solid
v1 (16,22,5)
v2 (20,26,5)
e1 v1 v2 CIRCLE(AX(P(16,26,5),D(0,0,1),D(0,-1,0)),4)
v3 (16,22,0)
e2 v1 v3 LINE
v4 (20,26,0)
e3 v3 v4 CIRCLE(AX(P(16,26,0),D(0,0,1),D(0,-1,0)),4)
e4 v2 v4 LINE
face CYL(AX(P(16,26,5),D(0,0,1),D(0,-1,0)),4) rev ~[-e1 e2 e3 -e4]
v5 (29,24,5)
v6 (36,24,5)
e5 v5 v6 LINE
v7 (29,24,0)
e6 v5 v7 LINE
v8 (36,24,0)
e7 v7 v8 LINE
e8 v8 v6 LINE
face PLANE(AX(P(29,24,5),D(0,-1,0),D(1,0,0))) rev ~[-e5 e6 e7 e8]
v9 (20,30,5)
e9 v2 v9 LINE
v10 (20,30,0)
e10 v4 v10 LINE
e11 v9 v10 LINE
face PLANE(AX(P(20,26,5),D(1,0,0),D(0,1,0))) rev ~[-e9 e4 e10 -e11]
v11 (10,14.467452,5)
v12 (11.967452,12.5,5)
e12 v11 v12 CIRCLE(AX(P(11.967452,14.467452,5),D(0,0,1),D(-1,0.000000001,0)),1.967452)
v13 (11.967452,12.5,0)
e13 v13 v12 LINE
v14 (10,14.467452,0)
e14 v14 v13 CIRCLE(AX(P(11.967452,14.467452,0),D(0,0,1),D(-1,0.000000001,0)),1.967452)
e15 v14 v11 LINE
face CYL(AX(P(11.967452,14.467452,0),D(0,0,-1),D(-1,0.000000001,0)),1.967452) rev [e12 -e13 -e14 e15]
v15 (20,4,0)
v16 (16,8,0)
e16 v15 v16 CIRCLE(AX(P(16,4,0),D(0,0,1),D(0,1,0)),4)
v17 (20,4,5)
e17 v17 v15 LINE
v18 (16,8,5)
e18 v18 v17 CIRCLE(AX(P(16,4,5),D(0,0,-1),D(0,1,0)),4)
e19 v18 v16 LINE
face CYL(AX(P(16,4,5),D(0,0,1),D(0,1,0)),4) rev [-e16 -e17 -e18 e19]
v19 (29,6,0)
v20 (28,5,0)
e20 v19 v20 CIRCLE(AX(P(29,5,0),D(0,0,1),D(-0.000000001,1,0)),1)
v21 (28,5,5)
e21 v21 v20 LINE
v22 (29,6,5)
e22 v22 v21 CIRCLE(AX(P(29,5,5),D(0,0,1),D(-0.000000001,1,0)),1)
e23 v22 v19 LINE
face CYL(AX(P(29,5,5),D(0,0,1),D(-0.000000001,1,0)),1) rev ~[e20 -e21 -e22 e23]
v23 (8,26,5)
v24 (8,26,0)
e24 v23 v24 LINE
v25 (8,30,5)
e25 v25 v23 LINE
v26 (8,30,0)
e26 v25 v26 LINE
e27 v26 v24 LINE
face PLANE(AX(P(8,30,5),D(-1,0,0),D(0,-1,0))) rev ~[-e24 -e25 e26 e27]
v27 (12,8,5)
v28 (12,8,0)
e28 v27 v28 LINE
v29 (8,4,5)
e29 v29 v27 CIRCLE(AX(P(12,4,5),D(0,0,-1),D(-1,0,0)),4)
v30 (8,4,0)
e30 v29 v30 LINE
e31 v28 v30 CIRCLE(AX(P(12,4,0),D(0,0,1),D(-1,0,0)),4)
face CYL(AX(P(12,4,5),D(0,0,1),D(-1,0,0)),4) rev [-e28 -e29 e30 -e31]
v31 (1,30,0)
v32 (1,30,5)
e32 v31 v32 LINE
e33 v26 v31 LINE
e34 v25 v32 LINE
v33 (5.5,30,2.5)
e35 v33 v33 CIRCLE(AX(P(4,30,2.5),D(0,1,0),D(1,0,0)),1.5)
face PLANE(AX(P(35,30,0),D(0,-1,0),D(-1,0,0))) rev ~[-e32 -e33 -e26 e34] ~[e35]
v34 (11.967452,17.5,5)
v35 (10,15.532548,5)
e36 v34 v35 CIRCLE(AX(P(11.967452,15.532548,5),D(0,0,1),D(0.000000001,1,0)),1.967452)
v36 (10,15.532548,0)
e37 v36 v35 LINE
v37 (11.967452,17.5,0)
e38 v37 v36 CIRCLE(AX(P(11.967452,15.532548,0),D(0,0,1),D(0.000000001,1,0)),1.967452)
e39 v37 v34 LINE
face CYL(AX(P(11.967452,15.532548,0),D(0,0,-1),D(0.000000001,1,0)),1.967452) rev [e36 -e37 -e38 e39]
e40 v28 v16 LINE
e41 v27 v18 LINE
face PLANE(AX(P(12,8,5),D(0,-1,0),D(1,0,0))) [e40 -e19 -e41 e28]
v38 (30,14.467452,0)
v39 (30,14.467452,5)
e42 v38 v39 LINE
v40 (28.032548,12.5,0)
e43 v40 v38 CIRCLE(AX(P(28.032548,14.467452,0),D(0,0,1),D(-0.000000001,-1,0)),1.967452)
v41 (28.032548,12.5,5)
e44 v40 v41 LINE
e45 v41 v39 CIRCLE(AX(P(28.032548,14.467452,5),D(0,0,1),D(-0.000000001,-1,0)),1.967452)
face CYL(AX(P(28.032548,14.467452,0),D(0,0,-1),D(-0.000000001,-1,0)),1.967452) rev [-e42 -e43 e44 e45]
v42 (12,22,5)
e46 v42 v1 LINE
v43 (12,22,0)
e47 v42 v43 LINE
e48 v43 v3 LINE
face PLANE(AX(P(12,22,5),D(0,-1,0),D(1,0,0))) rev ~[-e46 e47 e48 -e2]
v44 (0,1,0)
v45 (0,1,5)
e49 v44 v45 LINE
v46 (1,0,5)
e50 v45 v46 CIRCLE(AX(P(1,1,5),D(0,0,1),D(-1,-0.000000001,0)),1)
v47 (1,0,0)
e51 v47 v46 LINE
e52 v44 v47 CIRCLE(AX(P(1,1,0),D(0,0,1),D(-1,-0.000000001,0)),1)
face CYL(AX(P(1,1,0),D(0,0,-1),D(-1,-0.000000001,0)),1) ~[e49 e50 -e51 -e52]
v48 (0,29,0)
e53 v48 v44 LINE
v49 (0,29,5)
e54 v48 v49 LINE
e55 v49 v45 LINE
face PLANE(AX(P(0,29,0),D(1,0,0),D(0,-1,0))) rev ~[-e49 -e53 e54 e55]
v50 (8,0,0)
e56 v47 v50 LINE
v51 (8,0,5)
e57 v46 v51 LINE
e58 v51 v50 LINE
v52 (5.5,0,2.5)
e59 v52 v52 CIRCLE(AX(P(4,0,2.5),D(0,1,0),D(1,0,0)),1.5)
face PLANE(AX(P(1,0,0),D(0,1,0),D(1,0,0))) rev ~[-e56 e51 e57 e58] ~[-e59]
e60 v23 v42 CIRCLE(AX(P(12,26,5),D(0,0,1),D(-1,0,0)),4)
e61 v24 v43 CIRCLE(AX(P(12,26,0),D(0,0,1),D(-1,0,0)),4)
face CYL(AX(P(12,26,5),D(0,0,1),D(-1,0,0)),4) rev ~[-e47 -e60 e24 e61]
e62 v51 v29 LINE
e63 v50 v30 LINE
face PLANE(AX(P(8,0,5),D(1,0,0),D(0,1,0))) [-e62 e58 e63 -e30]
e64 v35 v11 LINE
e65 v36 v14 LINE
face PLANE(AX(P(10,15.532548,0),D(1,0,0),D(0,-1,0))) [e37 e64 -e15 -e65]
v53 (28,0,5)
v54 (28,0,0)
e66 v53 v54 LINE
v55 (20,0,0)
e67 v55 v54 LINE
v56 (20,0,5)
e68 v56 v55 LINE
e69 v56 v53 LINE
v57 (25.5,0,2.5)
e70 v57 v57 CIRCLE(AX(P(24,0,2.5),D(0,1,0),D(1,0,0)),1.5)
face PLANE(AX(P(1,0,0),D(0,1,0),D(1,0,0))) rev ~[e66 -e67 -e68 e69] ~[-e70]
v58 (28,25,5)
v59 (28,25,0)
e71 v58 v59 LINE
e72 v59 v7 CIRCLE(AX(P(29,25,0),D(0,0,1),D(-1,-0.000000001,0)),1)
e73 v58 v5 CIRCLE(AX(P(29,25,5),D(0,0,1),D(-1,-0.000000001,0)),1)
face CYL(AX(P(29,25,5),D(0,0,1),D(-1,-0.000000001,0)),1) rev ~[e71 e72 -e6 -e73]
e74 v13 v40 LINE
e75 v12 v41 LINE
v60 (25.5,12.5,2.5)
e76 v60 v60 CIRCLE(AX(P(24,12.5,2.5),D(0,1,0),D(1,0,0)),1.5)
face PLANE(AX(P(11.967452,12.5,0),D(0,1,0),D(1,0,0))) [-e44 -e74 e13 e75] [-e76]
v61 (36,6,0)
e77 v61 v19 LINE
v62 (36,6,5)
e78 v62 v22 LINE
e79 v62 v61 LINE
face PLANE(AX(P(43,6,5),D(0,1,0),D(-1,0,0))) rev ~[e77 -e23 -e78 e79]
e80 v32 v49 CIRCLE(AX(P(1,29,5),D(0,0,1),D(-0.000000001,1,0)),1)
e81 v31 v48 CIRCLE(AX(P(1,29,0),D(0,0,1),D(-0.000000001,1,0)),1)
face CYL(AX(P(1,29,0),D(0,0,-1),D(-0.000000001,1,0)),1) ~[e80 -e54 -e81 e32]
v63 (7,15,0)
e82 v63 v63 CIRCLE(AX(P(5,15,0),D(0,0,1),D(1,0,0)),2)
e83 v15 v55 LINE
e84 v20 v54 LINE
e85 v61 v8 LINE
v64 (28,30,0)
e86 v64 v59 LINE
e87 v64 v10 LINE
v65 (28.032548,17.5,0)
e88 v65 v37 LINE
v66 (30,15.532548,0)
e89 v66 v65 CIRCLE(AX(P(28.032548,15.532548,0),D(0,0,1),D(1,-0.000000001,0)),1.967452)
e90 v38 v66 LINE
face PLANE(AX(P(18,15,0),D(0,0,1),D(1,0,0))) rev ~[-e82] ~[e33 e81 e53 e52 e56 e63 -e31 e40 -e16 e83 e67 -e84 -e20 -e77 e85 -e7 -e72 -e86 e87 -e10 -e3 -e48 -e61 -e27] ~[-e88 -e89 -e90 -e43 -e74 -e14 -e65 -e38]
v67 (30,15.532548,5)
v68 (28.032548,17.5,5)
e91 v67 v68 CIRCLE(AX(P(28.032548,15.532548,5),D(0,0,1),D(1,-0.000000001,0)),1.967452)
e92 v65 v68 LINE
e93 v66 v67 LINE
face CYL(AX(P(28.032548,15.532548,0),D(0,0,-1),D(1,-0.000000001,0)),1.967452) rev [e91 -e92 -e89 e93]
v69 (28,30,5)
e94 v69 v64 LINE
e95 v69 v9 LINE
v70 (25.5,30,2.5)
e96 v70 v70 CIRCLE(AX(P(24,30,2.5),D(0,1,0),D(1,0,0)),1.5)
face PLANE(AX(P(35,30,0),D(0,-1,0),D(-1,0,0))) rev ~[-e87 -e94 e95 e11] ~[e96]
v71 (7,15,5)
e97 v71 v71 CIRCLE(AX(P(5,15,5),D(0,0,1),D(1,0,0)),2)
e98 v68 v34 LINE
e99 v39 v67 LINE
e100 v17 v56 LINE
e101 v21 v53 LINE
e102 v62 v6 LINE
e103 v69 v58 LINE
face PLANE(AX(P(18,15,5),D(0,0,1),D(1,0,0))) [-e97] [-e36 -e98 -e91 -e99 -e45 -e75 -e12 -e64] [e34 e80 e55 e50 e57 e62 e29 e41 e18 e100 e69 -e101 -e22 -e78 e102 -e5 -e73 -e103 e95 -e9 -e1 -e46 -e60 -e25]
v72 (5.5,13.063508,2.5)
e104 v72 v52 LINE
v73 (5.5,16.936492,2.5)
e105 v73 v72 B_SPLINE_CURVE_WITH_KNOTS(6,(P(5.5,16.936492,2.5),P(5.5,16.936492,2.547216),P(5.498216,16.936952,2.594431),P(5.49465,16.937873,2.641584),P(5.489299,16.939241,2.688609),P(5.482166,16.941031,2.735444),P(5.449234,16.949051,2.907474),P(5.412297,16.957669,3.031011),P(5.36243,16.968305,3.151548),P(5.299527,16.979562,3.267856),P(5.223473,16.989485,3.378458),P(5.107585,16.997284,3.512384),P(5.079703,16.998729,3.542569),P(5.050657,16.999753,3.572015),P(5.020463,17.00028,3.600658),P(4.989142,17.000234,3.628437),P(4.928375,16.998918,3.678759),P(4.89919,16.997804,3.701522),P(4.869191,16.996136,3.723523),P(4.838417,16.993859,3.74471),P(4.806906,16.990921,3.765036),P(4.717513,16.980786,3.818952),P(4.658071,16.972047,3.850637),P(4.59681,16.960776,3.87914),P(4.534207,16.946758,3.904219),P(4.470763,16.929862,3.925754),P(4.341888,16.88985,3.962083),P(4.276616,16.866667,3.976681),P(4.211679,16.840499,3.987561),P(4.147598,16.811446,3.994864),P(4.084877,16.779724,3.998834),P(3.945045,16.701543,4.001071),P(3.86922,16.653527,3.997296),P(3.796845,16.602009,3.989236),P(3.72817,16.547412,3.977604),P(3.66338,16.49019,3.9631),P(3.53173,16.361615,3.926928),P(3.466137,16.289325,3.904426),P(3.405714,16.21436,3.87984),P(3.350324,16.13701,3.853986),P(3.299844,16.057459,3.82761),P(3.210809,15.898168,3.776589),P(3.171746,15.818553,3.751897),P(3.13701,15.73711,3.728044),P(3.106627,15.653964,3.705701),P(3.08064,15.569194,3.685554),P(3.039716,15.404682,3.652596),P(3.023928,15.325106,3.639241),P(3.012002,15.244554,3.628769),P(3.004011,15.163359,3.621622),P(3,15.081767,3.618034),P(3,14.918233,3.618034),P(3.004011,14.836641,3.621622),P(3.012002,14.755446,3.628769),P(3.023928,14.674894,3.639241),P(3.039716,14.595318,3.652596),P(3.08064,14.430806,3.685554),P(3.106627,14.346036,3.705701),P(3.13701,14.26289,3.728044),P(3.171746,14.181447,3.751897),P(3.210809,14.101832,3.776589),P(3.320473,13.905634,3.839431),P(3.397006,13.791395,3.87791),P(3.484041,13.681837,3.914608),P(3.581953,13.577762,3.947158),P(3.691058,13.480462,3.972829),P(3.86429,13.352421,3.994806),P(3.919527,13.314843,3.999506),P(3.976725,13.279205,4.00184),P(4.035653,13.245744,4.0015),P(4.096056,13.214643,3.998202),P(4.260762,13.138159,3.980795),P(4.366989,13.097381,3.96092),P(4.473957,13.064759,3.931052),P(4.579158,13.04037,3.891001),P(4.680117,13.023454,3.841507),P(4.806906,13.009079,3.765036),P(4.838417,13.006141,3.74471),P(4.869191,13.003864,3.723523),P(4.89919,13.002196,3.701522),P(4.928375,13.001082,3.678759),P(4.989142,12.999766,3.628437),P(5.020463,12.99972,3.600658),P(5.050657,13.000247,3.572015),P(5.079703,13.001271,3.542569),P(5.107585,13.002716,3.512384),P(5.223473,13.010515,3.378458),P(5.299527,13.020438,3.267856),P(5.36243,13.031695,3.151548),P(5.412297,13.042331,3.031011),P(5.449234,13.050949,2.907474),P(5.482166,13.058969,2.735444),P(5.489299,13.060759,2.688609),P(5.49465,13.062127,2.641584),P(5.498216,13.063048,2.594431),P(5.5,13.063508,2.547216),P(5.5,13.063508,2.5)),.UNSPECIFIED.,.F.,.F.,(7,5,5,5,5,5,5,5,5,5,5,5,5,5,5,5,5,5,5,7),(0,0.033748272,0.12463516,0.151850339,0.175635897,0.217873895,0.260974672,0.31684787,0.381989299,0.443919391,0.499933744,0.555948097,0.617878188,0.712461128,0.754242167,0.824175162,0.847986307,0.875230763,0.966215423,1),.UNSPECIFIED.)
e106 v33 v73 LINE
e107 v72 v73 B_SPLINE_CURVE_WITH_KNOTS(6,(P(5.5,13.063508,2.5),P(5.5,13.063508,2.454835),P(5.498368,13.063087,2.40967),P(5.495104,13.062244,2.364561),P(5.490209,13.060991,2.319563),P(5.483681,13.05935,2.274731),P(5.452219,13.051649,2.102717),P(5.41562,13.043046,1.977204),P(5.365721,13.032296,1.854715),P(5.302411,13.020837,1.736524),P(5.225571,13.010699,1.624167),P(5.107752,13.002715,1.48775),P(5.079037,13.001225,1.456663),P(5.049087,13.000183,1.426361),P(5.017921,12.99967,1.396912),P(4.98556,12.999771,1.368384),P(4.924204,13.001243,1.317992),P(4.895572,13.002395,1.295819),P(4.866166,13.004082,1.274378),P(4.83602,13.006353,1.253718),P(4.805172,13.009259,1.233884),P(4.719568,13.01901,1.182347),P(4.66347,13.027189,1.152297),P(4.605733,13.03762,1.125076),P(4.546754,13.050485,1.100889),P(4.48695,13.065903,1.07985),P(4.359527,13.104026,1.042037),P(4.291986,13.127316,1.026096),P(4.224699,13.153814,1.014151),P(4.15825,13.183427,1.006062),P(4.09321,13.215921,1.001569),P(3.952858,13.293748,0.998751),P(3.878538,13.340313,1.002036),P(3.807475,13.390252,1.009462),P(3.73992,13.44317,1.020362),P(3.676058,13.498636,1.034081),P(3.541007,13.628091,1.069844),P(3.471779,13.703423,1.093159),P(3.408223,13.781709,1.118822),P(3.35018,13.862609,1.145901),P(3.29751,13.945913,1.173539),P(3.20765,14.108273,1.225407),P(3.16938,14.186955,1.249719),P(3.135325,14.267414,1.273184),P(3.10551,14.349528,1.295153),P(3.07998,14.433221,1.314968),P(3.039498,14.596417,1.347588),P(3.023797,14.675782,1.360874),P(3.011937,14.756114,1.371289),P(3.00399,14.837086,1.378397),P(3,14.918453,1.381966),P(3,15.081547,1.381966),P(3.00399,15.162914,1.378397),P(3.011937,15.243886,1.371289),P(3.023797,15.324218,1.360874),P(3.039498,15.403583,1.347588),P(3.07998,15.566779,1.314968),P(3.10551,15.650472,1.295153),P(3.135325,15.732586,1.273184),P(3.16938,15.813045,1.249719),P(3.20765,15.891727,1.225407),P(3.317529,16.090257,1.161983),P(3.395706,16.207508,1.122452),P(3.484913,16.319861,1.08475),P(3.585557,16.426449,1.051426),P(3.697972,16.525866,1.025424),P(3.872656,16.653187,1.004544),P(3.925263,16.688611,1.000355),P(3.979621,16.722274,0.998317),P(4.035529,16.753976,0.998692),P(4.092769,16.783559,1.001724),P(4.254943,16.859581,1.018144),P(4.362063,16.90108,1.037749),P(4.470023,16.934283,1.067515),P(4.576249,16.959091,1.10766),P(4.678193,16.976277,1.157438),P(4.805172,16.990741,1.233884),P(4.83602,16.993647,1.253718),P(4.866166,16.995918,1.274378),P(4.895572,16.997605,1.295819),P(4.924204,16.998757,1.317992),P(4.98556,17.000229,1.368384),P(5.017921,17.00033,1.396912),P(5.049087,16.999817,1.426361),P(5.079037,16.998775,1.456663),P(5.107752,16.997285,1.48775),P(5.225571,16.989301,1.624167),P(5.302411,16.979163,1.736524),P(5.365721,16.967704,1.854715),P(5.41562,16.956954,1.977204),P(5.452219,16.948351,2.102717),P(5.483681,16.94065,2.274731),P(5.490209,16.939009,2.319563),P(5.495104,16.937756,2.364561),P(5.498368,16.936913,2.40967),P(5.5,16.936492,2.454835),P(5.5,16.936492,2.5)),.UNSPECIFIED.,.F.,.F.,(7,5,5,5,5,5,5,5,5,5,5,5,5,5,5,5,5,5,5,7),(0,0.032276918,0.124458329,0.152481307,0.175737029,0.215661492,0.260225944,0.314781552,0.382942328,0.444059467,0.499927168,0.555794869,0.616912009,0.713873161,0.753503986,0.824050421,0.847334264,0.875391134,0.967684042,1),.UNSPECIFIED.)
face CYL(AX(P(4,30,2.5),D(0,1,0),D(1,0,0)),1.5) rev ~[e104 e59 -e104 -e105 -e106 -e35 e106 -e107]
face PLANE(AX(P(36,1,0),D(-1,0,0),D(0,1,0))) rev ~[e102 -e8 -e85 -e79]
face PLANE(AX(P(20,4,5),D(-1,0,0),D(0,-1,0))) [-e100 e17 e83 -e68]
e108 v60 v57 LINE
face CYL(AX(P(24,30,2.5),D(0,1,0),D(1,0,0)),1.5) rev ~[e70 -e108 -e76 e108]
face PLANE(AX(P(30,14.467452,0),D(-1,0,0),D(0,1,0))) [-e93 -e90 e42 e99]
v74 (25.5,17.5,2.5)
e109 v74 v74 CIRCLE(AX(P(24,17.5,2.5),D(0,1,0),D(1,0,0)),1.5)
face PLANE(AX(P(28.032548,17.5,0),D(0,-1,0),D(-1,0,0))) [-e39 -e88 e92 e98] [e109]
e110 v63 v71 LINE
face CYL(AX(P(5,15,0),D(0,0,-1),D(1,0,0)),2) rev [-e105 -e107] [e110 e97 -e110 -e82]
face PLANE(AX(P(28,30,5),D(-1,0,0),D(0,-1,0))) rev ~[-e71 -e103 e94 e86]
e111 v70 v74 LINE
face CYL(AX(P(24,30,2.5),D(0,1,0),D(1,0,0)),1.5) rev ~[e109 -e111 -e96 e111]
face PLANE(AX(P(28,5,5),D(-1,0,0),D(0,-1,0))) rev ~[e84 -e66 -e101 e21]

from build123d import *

# Parameters (mm, degrees)
SKETCH1_R           = 2
BOSS_EXTRUDE1_DEPTH = 5
SKETCH2_R           = 1.5
CUT_EXTRUDE1_DEPTH  = 31
CUT_EXTRUDE2_DEPTH  = 6.0000001


with BuildPart() as part:
    # Sketch1 → Boss-Extrude1 (new body)
    with BuildSketch(Plane.XY):
        with BuildLine():
            Line((1, 0), (35, 0))
            ThreePointArc((35, 0), (35.707106781, 0.292893219), (36, 1))
            Line((36, 1), (36, 29))
            ThreePointArc((36, 29), (35.707106781, 29.707106781), (35, 30))
            Line((35, 30), (1, 30))
            ThreePointArc((1, 30), (0.292893219, 29.707106781), (0, 29))
            Line((0, 29), (0, 7))
            Line((0, 7), (0, 1))
            ThreePointArc((0, 1), (0.292893219, 0.292893219), (1, 0))
        make_face()
        with Locations((5, 15)):
            Circle(SKETCH1_R, mode=Mode.SUBTRACT)
        with BuildLine():
            Line((11.967452223, 12.5), (28.032547777, 12.5))
            ThreePointArc((28.032547777, 12.5), (29.423746586, 13.076253414), (30, 14.467452223))
            Line((30, 14.467452223), (30, 15.532547777))
            ThreePointArc((30, 15.532547777), (29.423746586, 16.923746586), (28.032547777, 17.5))
            Line((28.032547777, 17.5), (11.967452223, 17.5))
            ThreePointArc((11.967452223, 17.5), (10.576253414, 16.923746586), (10, 15.532547777))
            Line((10, 15.532547777), (10, 14.467452223))
            ThreePointArc((10, 14.467452223), (10.576253414, 13.076253414), (11.967452223, 12.5))
        make_face(mode=Mode.SUBTRACT)
    extrude(amount=BOSS_EXTRUDE1_DEPTH)

    # Sketch2 → Cut-Extrude1 (cut, through all)
    with BuildSketch(Plane(origin=(0, 30, 0), x_dir=(1, 0, 0), z_dir=(0, 1, 0))):
        with Locations((4, -2.5)):
            Circle(SKETCH2_R)
        with Locations((24, -2.5)):
            Circle(SKETCH2_R)
    extrude(amount=-CUT_EXTRUDE1_DEPTH, mode=Mode.SUBTRACT)

    # Sketch3 → Cut-Extrude2 (cut, through all)
    with BuildSketch(Plane.XY.offset(5)):
        with BuildLine():
            Line((28, 30), (28, 25))
            ThreePointArc((28, 25), (28.292893219, 24.292893219), (29, 24))
            Line((29, 24), (43, 24))
            ThreePointArc((43, 24), (43.707106781, 23.707106781), (44, 23))
            Line((44, 23), (44, 7))
            ThreePointArc((44, 7), (43.707106781, 6.292893219), (43, 6))
            Line((43, 6), (29, 6))
            ThreePointArc((29, 6), (28.292893219, 5.707106781), (28, 5))
            Line((28, 5), (28, 0))
            Line((28, 0), (56.755309453, 0))
            Line((56.755309453, 0), (56.755309453, 30))
            Line((56.755309453, 30), (28, 30))
        make_face()
        with BuildLine():
            Line((8, 30), (8, 26))
            ThreePointArc((8, 26), (9.171572875, 23.171572875), (12, 22))
            Line((12, 22), (16, 22))
            ThreePointArc((16, 22), (18.828427125, 23.171572875), (20, 26))
            Line((20, 26), (20, 30))
            Line((20, 30), (8, 30))
        make_face()
        with BuildLine():
            Line((8, 0), (8, 4))
            ThreePointArc((8, 4), (9.171572875, 6.828427125), (12, 8))
            Line((12, 8), (16, 8))
            ThreePointArc((16, 8), (18.828427125, 6.828427125), (20, 4))
            Line((20, 4), (20, 0))
            Line((20, 0), (8, 0))
        make_face()
    extrude(amount=-CUT_EXTRUDE2_DEPTH, mode=Mode.SUBTRACT)


solid = part.part
